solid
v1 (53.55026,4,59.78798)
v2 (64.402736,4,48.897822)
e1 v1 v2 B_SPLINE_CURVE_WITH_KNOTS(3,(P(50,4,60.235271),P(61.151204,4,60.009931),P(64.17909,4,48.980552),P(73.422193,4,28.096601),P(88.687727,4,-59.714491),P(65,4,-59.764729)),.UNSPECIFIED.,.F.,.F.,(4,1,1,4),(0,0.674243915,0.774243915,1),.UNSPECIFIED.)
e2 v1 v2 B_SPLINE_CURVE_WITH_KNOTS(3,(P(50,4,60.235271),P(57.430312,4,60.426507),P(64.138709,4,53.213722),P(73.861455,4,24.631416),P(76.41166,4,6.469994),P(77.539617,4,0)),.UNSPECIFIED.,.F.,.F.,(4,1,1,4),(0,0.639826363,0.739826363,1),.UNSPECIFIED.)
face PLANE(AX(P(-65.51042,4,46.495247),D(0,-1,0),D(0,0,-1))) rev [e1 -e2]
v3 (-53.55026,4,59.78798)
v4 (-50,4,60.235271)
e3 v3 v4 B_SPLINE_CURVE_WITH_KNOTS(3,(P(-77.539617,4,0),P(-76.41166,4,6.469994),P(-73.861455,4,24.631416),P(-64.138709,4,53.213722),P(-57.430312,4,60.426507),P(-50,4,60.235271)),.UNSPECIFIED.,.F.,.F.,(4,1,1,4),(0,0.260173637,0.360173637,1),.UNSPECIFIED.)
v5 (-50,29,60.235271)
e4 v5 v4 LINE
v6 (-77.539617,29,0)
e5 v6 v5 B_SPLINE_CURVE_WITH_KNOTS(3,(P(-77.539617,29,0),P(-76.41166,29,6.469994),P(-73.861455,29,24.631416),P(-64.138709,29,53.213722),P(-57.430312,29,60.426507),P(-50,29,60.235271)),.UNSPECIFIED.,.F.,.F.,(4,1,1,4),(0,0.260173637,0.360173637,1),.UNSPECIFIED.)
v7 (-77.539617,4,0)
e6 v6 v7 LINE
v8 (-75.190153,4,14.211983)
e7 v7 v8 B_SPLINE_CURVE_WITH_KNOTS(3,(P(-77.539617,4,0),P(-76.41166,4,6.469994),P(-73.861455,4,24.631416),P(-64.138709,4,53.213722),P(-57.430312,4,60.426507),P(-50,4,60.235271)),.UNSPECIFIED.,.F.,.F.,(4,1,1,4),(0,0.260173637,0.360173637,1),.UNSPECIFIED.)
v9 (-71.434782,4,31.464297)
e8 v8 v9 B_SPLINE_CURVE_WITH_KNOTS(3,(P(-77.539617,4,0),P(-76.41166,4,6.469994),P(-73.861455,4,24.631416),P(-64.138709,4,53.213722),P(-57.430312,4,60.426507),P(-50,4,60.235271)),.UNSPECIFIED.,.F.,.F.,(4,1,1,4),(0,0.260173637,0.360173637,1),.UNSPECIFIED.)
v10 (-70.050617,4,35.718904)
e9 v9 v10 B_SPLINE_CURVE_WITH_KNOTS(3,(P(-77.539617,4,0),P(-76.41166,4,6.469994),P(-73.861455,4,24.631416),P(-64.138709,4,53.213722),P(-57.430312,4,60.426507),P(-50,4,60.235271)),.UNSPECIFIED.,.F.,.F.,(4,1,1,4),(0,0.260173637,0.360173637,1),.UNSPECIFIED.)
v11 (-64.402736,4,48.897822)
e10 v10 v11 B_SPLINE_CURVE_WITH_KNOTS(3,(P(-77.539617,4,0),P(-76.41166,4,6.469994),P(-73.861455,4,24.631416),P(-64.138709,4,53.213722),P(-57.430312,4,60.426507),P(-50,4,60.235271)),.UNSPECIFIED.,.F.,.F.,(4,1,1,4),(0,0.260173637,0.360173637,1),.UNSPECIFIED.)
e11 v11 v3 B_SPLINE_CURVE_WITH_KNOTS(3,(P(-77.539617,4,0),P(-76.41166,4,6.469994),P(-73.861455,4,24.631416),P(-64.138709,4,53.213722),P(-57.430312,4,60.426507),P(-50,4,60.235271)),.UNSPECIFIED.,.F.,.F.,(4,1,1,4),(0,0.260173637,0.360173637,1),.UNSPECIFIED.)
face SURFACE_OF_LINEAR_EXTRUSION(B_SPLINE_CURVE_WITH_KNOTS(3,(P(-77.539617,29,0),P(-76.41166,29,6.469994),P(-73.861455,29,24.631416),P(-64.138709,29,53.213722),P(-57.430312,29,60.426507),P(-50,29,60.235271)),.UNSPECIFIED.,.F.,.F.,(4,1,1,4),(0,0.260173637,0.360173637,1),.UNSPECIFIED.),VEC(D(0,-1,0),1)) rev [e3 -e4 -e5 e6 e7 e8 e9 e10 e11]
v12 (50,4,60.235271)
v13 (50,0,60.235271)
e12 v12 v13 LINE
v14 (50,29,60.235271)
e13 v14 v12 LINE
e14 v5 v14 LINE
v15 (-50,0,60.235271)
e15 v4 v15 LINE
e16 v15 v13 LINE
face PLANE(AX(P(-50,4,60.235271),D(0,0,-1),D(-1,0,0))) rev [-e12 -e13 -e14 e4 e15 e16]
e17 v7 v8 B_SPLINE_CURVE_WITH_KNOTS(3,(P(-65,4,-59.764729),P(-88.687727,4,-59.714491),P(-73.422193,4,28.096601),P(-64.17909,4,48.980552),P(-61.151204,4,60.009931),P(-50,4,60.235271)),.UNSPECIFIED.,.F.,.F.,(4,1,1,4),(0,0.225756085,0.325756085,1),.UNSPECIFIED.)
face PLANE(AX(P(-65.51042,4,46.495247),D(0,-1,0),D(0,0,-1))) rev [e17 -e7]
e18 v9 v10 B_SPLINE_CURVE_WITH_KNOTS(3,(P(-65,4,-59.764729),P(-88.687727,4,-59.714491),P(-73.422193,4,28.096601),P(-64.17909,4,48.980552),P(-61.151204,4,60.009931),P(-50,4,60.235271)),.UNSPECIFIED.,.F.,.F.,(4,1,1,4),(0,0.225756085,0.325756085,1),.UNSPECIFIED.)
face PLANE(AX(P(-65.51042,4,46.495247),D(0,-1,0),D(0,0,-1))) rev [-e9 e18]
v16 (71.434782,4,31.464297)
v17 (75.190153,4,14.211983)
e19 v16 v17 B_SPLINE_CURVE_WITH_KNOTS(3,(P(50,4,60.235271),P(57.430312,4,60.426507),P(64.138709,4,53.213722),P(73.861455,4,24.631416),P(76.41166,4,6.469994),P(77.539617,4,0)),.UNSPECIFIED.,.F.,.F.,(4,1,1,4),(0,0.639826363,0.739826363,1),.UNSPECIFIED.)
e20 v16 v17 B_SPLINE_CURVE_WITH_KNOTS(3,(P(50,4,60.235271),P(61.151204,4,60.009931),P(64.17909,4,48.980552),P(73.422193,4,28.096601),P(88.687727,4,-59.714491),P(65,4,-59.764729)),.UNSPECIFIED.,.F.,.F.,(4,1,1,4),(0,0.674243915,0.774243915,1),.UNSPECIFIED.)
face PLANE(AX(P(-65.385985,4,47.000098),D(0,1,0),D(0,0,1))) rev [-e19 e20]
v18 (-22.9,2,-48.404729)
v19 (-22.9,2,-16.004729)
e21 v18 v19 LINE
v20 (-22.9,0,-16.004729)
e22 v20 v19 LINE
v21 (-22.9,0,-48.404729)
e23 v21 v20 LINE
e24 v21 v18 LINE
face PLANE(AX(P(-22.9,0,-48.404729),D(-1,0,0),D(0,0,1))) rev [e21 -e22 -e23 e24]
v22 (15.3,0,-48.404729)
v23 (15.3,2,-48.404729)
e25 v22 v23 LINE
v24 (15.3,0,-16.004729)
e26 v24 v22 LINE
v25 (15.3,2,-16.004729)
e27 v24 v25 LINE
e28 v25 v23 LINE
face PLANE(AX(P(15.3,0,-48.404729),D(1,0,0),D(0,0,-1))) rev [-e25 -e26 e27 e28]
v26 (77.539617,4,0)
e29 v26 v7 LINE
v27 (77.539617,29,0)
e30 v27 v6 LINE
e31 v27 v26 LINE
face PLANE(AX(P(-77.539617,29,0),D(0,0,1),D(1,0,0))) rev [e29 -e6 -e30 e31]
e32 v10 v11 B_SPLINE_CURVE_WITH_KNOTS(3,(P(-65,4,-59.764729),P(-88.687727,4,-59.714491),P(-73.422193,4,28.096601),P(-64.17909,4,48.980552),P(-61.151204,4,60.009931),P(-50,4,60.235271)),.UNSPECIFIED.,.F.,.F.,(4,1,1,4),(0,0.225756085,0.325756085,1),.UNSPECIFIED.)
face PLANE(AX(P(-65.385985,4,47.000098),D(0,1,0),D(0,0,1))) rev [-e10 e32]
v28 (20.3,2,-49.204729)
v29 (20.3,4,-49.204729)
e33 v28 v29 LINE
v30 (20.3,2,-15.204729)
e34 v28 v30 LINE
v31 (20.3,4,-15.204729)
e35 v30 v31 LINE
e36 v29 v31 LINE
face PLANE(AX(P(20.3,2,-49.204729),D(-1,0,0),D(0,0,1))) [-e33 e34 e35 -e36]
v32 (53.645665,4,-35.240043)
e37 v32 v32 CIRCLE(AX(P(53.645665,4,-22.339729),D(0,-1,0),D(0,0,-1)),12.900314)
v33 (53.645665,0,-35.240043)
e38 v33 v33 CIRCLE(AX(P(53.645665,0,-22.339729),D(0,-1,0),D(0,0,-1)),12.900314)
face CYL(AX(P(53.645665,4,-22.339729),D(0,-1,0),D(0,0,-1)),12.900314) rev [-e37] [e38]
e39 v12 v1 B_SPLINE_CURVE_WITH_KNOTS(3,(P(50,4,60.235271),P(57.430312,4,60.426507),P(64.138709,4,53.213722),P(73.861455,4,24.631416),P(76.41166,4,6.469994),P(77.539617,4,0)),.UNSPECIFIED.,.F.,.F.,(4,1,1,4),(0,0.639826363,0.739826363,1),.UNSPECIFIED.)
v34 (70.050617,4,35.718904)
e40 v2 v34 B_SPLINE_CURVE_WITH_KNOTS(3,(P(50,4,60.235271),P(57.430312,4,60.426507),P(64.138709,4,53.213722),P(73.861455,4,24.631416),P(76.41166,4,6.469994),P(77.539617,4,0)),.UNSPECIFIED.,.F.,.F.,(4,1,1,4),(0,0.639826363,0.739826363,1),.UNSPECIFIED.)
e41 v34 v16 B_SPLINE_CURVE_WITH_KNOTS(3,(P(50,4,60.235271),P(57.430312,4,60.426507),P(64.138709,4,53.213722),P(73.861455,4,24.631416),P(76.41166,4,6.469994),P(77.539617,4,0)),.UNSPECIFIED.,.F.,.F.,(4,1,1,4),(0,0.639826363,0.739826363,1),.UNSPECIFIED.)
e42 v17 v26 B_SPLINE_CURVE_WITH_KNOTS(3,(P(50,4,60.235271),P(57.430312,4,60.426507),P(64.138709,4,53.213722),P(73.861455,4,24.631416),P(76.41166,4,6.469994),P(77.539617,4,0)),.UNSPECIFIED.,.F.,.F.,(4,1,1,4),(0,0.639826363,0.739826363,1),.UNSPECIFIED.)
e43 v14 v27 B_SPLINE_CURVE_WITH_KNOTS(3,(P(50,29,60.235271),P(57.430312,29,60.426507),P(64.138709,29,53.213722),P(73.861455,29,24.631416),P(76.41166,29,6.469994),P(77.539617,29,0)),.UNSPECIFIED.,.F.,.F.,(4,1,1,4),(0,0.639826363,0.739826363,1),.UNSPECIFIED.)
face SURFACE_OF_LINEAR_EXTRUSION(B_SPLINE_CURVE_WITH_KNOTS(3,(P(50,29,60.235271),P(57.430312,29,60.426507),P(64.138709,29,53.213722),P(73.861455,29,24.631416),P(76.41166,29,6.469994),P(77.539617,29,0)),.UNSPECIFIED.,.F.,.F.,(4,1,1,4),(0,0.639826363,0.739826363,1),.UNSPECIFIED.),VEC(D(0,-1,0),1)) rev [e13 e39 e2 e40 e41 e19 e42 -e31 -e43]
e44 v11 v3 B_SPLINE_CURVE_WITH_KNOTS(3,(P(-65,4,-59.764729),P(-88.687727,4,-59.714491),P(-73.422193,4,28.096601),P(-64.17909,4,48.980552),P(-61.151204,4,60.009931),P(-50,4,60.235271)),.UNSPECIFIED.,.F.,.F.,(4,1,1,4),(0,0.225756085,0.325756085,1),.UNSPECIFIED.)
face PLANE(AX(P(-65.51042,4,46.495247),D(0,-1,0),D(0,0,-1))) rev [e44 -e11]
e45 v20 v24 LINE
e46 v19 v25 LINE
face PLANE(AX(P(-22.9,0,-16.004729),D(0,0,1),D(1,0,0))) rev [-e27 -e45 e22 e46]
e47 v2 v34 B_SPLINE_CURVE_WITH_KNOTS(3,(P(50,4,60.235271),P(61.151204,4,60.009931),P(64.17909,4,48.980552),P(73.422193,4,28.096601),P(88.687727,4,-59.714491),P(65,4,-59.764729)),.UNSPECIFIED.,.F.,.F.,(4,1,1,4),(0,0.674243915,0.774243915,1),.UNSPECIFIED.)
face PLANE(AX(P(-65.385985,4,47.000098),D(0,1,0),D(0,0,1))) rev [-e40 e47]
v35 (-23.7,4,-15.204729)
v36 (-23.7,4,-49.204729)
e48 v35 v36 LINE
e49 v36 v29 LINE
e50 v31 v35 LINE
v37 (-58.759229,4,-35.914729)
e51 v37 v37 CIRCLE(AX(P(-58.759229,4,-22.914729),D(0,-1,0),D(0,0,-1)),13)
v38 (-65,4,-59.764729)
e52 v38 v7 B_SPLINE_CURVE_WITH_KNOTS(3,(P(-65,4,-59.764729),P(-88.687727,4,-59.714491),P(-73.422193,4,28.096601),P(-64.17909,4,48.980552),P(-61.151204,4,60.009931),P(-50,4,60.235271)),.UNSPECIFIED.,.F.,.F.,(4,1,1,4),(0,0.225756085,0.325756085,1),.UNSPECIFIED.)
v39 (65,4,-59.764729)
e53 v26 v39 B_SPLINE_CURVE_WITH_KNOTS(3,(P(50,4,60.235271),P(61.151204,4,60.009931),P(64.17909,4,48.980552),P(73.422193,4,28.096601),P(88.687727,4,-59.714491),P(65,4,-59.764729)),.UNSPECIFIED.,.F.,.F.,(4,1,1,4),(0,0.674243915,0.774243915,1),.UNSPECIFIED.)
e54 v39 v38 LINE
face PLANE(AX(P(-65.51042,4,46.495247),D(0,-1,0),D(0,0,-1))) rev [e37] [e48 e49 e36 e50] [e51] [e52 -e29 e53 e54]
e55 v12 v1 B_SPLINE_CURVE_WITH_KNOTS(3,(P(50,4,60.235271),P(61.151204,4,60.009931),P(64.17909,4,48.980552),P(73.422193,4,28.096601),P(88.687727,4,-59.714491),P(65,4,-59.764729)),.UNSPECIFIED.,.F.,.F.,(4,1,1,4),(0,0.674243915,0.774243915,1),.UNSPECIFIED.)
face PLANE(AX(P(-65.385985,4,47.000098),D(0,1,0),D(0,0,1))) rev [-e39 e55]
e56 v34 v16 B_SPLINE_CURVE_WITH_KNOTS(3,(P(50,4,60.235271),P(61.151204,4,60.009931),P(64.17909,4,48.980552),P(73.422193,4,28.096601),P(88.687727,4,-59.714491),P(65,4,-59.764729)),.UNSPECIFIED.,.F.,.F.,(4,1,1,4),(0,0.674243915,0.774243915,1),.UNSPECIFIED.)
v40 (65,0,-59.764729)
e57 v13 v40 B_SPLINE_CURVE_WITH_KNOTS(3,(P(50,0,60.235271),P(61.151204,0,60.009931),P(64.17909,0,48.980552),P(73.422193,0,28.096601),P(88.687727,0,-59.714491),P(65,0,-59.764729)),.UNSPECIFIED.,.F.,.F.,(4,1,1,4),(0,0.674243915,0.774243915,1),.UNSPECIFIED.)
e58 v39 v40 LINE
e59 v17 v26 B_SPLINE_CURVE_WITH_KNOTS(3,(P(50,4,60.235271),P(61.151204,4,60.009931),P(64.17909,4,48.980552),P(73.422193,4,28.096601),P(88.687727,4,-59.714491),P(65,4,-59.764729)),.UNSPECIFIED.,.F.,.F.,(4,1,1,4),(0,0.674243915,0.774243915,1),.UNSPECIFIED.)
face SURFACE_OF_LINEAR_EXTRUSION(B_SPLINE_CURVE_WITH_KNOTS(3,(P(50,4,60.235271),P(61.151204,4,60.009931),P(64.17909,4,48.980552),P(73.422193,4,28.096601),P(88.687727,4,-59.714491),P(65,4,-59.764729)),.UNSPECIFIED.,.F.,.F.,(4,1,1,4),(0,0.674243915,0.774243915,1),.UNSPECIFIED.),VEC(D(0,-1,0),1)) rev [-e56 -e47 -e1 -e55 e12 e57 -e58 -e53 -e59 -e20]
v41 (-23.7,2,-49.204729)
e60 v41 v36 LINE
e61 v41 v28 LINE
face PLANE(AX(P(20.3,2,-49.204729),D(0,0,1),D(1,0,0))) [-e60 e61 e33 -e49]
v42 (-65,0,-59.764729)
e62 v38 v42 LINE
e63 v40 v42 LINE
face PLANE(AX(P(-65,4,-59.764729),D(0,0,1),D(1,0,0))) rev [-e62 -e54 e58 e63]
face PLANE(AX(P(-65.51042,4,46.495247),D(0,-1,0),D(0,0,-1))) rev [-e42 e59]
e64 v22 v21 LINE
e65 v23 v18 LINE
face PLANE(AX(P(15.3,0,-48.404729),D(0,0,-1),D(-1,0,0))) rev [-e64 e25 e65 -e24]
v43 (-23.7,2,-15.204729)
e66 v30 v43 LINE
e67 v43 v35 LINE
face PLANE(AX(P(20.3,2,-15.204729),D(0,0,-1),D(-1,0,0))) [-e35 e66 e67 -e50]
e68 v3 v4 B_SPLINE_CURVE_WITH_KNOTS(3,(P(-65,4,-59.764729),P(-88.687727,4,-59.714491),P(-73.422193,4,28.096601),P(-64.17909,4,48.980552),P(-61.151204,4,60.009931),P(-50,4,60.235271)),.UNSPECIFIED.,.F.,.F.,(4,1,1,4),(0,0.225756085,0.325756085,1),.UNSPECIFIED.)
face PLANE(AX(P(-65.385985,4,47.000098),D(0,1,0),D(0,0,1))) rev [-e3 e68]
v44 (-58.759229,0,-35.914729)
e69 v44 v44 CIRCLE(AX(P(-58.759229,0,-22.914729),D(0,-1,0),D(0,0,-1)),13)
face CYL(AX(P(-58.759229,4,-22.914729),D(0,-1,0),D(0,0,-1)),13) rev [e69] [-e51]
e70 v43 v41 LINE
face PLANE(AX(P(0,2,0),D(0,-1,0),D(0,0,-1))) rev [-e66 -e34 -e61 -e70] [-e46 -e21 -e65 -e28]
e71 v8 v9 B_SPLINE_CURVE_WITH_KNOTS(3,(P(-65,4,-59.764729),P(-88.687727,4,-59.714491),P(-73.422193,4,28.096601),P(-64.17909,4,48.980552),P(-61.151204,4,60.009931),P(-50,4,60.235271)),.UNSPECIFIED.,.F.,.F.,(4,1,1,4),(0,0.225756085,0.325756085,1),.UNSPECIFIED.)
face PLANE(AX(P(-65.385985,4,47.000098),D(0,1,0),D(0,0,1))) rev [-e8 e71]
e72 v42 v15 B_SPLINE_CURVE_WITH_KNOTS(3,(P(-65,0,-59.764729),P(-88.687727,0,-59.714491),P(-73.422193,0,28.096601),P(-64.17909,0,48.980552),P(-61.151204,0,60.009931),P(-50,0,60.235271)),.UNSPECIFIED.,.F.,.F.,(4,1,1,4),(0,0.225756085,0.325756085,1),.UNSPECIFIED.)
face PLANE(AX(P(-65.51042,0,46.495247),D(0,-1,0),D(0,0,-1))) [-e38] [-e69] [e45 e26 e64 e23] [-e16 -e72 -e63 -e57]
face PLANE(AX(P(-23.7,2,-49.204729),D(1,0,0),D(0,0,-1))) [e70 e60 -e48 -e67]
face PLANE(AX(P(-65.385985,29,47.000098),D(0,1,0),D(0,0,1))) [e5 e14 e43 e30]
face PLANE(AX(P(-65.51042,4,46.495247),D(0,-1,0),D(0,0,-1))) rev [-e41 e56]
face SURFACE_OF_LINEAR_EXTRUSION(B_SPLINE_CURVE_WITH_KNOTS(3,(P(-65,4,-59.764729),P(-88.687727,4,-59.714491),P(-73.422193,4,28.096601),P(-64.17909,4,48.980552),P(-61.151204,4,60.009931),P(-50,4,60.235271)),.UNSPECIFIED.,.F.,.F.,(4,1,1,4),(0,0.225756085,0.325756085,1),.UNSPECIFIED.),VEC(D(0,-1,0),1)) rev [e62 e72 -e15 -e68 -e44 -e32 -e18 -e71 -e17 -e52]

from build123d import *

# Parameters (mm, degrees)
BOSS_EXTRUDE1_DEPTH = 4
SKETCH3_R           = 13
SKETCH3_R_2         = 12.900313703
CUT_EXTRUDE2_DEPTH  = 101.11392848
SKETCH6_W           = 44
SKETCH6_H           = 34
CUT_EXTRUDE3_DEPTH  = 2
SKETCH8_W           = 38.2
SKETCH8_H           = 32.4
CUT_EXTRUDE5_DEPTH  = 101.053978808
BOSS_EXTRUDE2_DEPTH = 25


with BuildPart() as part:
    # Sketch1 → Boss-Extrude1 (new body)
    with BuildSketch(Plane(origin=(0, 0, 0), x_dir=(1, 0, 0), z_dir=(0, 1, 0))):
        with BuildLine():
            Line((-65, 59.764729109), (65, 59.764729109))
            add(Edge.make_bspline(
                [(65, 59.764729109), (88.687727136, 59.714491275), (73.42219291, -28.096601178), (64.179090334, -48.980552043), (61.151204198, -60.009930568), (50, -60.235270891)],
                knots=[0, 0, 0, 0, 0.225756085, 0.325756085, 1, 1, 1, 1], degree=3))
            Line((50, -60.235270891), (-50, -60.235270891))
            add(Edge.make_bspline(
                [(-65, 59.764729109), (-88.687727136, 59.714491275), (-73.42219291, -28.096601178), (-64.179090334, -48.980552043), (-61.151204198, -60.009930568), (-50, -60.235270891)],
                knots=[0, 0, 0, 0, 0.225756085, 0.325756085, 1, 1, 1, 1], degree=3))
        make_face()
    extrude(amount=BOSS_EXTRUDE1_DEPTH)

    # Sketch3 → Cut-Extrude2 (cut, through all)
    with BuildSketch(Plane(origin=(0, 0, 0), x_dir=(-1, 0, 0), z_dir=(0, -1, 0))):
        with Locations(Location((58.759229403, 22.914729109, 0), (0, 0, 90))):
            Circle(SKETCH3_R)
        with Locations(Location((-53.645665468, 22.339729109, 0), (0, 0, 90))):
            Circle(SKETCH3_R_2)
    extrude(amount=-CUT_EXTRUDE2_DEPTH, mode=Mode.SUBTRACT)

    # Sketch6 → Cut-Extrude3 (cut)
    with BuildSketch(Plane(origin=(0, 4, 0), x_dir=(-1, 0, 0), z_dir=(0, -1, 0))):
        with Locations((1.7, 32.204729109)):
            Rectangle(SKETCH6_W, SKETCH6_H)
    extrude(amount=CUT_EXTRUDE3_DEPTH, mode=Mode.SUBTRACT)

    # Sketch8 → Cut-Extrude5 (cut, through all)
    with BuildSketch(Plane(origin=(0, 2, 0), x_dir=(1, 0, 0), z_dir=(0, 1, 0))):
        with Locations((-3.8, 32.204729109)):
            Rectangle(SKETCH8_W, SKETCH8_H)
    extrude(amount=-CUT_EXTRUDE5_DEPTH, mode=Mode.SUBTRACT)

    # Sketch10 → Boss-Extrude2 (add)
    with BuildSketch(Plane(origin=(0, 4, 0), x_dir=(1, 0, 0), z_dir=(0, 1, 0))):
        with BuildLine():
            Line((-50, -60.235270891), (50, -60.235270891))
            add(Edge.make_bspline(
                [(77.539616677, 0), (76.411660362, -6.469994077), (73.861455454, -24.631415856), (64.138708574, -53.213722082), (57.430311509, -60.426507103), (50, -60.235270891)],
                knots=[0, 0, 0, 0, 0.260173637, 0.360173637, 1, 1, 1, 1], degree=3))
            Line((77.539616677, 0), (-77.539616677, 0))
            add(Edge.make_bspline(
                [(-77.539616677, 0), (-76.411660362, -6.469994077), (-73.861455454, -24.631415856), (-64.138708574, -53.213722082), (-57.430311509, -60.426507103), (-50, -60.235270891)],
                knots=[0, 0, 0, 0, 0.260173637, 0.360173637, 1, 1, 1, 1], degree=3))
        make_face()
    extrude(amount=BOSS_EXTRUDE2_DEPTH)


solid = part.part
